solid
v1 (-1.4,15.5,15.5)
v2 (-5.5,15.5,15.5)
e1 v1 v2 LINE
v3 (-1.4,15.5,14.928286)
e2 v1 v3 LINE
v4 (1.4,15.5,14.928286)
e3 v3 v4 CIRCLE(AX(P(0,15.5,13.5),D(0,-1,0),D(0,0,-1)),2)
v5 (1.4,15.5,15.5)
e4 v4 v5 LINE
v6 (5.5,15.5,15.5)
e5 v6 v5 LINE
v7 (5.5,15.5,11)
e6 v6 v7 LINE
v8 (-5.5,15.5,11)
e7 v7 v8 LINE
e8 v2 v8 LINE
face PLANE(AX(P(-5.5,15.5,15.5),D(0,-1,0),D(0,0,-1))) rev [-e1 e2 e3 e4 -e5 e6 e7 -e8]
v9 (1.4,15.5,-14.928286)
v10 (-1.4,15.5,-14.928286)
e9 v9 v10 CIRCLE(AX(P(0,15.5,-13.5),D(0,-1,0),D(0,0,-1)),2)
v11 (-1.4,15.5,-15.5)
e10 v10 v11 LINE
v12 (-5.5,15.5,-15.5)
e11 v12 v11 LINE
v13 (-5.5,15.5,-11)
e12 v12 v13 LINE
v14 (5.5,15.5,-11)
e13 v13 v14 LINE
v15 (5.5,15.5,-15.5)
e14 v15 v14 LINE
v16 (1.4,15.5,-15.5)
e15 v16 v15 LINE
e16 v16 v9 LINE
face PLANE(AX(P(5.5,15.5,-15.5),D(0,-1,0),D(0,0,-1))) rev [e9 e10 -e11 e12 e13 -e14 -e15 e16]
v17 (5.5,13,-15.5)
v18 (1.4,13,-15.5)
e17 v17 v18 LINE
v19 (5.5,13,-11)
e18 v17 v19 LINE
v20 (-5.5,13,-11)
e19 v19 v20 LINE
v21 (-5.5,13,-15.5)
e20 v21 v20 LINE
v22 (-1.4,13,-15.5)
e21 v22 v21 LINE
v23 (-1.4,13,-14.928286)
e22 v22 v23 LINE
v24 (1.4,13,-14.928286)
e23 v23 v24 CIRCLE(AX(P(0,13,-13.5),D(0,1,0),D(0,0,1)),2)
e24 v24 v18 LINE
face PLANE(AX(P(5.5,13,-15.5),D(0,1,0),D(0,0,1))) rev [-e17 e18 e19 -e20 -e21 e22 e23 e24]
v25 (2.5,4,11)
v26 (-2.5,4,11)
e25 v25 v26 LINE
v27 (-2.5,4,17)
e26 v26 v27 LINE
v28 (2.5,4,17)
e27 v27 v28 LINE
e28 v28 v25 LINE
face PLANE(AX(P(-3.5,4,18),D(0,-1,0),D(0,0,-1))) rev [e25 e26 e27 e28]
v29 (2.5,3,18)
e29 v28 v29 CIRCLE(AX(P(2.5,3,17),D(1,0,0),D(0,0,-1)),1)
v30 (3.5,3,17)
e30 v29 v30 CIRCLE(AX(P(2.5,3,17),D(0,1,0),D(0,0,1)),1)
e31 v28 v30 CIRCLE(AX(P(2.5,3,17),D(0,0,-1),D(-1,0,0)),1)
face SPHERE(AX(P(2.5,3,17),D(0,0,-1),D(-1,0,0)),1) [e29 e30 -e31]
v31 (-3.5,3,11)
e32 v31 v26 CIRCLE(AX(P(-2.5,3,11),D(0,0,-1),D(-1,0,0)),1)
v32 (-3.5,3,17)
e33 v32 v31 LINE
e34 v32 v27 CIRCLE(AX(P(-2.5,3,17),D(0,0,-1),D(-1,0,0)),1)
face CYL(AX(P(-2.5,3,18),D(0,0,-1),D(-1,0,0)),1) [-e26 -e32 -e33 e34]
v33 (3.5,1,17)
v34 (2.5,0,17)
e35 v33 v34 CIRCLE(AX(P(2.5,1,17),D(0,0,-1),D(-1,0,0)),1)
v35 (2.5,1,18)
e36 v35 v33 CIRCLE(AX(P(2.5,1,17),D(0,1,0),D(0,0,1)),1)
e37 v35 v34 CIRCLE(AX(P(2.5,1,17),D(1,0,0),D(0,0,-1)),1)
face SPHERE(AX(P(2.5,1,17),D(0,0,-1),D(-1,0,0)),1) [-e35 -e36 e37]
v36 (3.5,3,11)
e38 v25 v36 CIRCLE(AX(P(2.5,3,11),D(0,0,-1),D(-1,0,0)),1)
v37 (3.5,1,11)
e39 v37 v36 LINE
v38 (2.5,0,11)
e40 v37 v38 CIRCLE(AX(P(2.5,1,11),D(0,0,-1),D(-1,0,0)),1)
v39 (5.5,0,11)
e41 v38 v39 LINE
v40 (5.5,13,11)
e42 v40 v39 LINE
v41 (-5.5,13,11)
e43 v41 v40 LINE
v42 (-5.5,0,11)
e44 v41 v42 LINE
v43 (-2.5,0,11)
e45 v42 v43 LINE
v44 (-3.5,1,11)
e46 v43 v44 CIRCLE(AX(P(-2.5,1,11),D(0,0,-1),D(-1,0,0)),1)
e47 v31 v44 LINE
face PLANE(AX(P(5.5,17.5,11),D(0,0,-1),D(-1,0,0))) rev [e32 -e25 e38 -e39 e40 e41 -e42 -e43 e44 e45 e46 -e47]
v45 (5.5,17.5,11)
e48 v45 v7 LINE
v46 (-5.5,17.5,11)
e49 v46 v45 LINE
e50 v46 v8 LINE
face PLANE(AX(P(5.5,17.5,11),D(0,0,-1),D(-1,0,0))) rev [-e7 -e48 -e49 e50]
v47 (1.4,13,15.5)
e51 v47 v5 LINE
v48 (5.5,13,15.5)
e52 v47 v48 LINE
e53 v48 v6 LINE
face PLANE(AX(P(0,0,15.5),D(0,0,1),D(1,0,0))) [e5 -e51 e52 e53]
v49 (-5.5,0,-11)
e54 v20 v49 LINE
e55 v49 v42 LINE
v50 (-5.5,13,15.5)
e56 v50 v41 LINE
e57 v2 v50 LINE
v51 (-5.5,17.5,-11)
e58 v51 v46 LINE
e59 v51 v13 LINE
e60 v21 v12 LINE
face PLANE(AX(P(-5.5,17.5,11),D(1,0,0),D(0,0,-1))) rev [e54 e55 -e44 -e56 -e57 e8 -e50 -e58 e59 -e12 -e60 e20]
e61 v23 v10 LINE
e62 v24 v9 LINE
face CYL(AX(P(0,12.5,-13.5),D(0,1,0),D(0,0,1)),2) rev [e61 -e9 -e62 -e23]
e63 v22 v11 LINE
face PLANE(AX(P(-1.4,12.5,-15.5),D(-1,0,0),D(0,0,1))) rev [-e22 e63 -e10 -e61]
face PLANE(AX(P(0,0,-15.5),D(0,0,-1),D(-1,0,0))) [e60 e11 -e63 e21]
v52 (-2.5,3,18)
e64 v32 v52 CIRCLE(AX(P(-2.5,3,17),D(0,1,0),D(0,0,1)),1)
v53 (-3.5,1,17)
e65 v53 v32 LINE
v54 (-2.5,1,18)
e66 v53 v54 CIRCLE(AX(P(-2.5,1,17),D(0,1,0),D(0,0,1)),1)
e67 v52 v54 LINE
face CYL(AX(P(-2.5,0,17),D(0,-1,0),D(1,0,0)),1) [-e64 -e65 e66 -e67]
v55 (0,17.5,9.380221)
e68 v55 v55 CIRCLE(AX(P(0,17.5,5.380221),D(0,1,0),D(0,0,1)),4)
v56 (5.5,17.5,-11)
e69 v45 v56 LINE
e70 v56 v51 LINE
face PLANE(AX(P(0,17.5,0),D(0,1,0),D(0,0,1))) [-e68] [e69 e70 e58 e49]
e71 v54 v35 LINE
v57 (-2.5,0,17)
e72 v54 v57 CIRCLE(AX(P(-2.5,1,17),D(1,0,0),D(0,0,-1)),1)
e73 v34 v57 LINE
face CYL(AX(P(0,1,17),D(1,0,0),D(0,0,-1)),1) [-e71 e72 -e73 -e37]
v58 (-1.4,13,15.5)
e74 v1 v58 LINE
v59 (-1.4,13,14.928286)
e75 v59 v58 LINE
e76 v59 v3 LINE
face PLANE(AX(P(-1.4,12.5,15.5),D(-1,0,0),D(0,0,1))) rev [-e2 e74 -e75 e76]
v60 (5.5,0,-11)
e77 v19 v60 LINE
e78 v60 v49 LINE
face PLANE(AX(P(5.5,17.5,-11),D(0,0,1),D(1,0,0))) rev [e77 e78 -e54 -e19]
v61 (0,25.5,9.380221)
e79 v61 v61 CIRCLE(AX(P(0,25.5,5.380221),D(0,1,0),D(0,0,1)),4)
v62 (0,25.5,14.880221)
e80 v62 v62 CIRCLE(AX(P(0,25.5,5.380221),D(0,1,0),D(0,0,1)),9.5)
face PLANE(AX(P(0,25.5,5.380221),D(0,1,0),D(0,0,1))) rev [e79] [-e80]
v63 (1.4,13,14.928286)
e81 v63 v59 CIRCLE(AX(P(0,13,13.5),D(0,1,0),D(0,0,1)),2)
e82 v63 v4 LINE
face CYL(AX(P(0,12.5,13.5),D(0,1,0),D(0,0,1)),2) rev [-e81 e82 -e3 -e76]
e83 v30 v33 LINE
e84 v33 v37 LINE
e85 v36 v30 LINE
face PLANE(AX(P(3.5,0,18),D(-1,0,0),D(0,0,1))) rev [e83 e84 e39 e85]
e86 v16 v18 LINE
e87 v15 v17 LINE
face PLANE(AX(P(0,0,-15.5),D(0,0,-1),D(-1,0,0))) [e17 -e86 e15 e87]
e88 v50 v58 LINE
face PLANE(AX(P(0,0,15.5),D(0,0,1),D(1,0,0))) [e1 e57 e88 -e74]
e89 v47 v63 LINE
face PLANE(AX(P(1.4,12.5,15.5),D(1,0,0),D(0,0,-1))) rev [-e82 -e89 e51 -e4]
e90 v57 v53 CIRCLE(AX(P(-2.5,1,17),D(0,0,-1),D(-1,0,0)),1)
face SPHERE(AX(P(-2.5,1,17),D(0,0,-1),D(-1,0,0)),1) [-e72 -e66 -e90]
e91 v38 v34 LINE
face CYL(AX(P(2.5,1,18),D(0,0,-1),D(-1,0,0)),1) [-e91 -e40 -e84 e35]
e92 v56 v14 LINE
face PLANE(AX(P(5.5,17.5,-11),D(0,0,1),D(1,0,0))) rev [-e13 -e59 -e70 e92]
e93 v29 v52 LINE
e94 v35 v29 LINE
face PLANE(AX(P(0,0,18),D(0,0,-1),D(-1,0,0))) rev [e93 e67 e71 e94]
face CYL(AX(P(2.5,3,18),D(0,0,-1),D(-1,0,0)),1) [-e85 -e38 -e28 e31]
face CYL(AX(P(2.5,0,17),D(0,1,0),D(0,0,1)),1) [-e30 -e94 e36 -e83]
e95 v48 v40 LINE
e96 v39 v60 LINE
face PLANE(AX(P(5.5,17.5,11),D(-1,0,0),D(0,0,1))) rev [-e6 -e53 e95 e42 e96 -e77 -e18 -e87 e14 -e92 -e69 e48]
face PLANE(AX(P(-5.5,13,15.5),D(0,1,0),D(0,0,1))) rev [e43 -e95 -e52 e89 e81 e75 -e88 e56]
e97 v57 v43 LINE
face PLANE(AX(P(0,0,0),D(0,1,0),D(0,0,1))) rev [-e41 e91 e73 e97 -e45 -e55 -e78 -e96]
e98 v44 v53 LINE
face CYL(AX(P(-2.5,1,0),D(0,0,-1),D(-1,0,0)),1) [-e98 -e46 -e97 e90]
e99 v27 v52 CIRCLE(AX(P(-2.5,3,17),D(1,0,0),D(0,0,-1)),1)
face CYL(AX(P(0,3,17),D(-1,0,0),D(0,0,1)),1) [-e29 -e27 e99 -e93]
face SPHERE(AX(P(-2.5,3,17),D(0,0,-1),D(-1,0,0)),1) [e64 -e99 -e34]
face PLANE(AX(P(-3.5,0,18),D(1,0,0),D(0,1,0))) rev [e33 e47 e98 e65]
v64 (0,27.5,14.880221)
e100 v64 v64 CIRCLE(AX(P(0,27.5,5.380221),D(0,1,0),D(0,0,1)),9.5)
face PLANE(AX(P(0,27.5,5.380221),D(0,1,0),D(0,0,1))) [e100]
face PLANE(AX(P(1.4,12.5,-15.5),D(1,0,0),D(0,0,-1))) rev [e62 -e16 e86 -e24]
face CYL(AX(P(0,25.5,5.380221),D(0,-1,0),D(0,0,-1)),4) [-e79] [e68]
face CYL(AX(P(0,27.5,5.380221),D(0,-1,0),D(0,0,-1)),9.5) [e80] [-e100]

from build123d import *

# Parameters (mm, degrees)
SKETCH1_W            = 11
SKETCH1_H            = 22
BOSS_EXTRUDE1_DEPTH  = 17.5
SKETCH8_W            = 7
SKETCH8_H            = 4
BOSS_EXTRUDE6_DEPTH  = 7
FILLET1_R            = 1
FILLET2_R            = 1
SKETCH9_W            = 11
SKETCH9_H            = 2.5
BOSS_EXTRUDE7_DEPTH  = 4.5
SKETCH10_W           = 11
SKETCH10_H           = 2.5
BOSS_EXTRUDE8_DEPTH  = 4.5
CUT_EXTRUDE1_DEPTH   = 5
SKETCH2_R            = 4
BOSS_EXTRUDE9_DEPTH  = 8
SKETCH13_R           = 9.5
BOSS_EXTRUDE10_DEPTH = 2


with BuildPart() as part:
    # Sketch1 → Boss-Extrude1 (new body)
    with BuildSketch(Plane(origin=(0, 0, 0), x_dir=(1, 0, 0), z_dir=(0, 1, 0))):
        Rectangle(SKETCH1_W, SKETCH1_H)
    extrude(amount=BOSS_EXTRUDE1_DEPTH)

    # Sketch8 → Boss-Extrude6 (add)
    with BuildSketch(Plane.XY.offset(11)):
        with Locations((0, 2)):
            Rectangle(SKETCH8_W, SKETCH8_H)
    extrude(amount=BOSS_EXTRUDE6_DEPTH)

    # Fillet1
    fillet1_edges = [part.edges().sort_by_distance(p)[0] for p in [
        (-3.5, 0, 14.5),
        (-3.5, 4, 14.5),
        (3.5, 4, 14.5),
        (3.5, 0, 14.5),
    ]]
    fillet(fillet1_edges, radius=FILLET1_R)

    # Fillet2
    fillet2_edges = [part.edges().sort_by_distance(p)[0] for p in [
        (0, 0, 18),
        (-3.5, 2, 18),
        (3.5, 2, 18),
        (0, 4, 18),
        (3.207106781, 0.292893219, 18),
        (3.207106781, 3.707106781, 18),
        (-3.207106781, 3.707106781, 18),
        (-3.207106781, 0.292893219, 18),
    ]]
    fillet(fillet2_edges, radius=FILLET2_R)

    # Sketch9 → Boss-Extrude7 (add)
    with BuildSketch(Plane.XY.offset(11)):
        with Locations((0, 14.25)):
            Rectangle(SKETCH9_W, SKETCH9_H)
    extrude(amount=BOSS_EXTRUDE7_DEPTH)

    # Sketch10 → Boss-Extrude8 (add)
    with BuildSketch(Plane(origin=(0, 0, -11), x_dir=(-1, 0, 0), z_dir=(0, 0, -1))):
        with Locations((0, 14.25)):
            Rectangle(SKETCH10_W, SKETCH10_H)
    extrude(amount=BOSS_EXTRUDE8_DEPTH)

    # Sketch11 → Cut-Extrude1 (cut)
    with BuildSketch(Plane(origin=(0, 17.5, 0), x_dir=(1, 0, 0), z_dir=(0, 1, 0))):
        with BuildLine():
            Line((1.4, 15.5), (1.4, 14.928285686))
            ThreePointArc((1.4, 14.928285686), (0, 11.5), (-1.4, 14.928285686))
            Line((-1.4, 14.928285686), (-1.4, 15.5))
            Line((-1.4, 15.5), (1.4, 15.5))
        make_face()
        with BuildLine():
            Line((-1.4, -15.5), (-1.4, -14.928285686))
            ThreePointArc((-1.4, -14.928285686), (0, -11.5), (1.4, -14.928285686))
            Line((1.4, -14.928285686), (1.4, -15.5))
            Line((1.4, -15.5), (-1.4, -15.5))
        make_face()
    extrude(amount=-CUT_EXTRUDE1_DEPTH, mode=Mode.SUBTRACT)

    # Sketch2 → Boss-Extrude9 (add)
    with BuildSketch(Plane(origin=(0, 17.5, 0), x_dir=(1, 0, 0), z_dir=(0, 1, 0))):
        with Locations((0, -5.38022134)):
            Circle(SKETCH2_R)
    extrude(amount=BOSS_EXTRUDE9_DEPTH)

    # Sketch13 → Boss-Extrude10 (add)
    with BuildSketch(Plane(origin=(0, 25.5, 0), x_dir=(1, 0, 0), z_dir=(0, 1, 0))):
        with Locations((0, -5.38022134)):
            Circle(SKETCH13_R)
    extrude(amount=BOSS_EXTRUDE10_DEPTH)


solid = part.part
